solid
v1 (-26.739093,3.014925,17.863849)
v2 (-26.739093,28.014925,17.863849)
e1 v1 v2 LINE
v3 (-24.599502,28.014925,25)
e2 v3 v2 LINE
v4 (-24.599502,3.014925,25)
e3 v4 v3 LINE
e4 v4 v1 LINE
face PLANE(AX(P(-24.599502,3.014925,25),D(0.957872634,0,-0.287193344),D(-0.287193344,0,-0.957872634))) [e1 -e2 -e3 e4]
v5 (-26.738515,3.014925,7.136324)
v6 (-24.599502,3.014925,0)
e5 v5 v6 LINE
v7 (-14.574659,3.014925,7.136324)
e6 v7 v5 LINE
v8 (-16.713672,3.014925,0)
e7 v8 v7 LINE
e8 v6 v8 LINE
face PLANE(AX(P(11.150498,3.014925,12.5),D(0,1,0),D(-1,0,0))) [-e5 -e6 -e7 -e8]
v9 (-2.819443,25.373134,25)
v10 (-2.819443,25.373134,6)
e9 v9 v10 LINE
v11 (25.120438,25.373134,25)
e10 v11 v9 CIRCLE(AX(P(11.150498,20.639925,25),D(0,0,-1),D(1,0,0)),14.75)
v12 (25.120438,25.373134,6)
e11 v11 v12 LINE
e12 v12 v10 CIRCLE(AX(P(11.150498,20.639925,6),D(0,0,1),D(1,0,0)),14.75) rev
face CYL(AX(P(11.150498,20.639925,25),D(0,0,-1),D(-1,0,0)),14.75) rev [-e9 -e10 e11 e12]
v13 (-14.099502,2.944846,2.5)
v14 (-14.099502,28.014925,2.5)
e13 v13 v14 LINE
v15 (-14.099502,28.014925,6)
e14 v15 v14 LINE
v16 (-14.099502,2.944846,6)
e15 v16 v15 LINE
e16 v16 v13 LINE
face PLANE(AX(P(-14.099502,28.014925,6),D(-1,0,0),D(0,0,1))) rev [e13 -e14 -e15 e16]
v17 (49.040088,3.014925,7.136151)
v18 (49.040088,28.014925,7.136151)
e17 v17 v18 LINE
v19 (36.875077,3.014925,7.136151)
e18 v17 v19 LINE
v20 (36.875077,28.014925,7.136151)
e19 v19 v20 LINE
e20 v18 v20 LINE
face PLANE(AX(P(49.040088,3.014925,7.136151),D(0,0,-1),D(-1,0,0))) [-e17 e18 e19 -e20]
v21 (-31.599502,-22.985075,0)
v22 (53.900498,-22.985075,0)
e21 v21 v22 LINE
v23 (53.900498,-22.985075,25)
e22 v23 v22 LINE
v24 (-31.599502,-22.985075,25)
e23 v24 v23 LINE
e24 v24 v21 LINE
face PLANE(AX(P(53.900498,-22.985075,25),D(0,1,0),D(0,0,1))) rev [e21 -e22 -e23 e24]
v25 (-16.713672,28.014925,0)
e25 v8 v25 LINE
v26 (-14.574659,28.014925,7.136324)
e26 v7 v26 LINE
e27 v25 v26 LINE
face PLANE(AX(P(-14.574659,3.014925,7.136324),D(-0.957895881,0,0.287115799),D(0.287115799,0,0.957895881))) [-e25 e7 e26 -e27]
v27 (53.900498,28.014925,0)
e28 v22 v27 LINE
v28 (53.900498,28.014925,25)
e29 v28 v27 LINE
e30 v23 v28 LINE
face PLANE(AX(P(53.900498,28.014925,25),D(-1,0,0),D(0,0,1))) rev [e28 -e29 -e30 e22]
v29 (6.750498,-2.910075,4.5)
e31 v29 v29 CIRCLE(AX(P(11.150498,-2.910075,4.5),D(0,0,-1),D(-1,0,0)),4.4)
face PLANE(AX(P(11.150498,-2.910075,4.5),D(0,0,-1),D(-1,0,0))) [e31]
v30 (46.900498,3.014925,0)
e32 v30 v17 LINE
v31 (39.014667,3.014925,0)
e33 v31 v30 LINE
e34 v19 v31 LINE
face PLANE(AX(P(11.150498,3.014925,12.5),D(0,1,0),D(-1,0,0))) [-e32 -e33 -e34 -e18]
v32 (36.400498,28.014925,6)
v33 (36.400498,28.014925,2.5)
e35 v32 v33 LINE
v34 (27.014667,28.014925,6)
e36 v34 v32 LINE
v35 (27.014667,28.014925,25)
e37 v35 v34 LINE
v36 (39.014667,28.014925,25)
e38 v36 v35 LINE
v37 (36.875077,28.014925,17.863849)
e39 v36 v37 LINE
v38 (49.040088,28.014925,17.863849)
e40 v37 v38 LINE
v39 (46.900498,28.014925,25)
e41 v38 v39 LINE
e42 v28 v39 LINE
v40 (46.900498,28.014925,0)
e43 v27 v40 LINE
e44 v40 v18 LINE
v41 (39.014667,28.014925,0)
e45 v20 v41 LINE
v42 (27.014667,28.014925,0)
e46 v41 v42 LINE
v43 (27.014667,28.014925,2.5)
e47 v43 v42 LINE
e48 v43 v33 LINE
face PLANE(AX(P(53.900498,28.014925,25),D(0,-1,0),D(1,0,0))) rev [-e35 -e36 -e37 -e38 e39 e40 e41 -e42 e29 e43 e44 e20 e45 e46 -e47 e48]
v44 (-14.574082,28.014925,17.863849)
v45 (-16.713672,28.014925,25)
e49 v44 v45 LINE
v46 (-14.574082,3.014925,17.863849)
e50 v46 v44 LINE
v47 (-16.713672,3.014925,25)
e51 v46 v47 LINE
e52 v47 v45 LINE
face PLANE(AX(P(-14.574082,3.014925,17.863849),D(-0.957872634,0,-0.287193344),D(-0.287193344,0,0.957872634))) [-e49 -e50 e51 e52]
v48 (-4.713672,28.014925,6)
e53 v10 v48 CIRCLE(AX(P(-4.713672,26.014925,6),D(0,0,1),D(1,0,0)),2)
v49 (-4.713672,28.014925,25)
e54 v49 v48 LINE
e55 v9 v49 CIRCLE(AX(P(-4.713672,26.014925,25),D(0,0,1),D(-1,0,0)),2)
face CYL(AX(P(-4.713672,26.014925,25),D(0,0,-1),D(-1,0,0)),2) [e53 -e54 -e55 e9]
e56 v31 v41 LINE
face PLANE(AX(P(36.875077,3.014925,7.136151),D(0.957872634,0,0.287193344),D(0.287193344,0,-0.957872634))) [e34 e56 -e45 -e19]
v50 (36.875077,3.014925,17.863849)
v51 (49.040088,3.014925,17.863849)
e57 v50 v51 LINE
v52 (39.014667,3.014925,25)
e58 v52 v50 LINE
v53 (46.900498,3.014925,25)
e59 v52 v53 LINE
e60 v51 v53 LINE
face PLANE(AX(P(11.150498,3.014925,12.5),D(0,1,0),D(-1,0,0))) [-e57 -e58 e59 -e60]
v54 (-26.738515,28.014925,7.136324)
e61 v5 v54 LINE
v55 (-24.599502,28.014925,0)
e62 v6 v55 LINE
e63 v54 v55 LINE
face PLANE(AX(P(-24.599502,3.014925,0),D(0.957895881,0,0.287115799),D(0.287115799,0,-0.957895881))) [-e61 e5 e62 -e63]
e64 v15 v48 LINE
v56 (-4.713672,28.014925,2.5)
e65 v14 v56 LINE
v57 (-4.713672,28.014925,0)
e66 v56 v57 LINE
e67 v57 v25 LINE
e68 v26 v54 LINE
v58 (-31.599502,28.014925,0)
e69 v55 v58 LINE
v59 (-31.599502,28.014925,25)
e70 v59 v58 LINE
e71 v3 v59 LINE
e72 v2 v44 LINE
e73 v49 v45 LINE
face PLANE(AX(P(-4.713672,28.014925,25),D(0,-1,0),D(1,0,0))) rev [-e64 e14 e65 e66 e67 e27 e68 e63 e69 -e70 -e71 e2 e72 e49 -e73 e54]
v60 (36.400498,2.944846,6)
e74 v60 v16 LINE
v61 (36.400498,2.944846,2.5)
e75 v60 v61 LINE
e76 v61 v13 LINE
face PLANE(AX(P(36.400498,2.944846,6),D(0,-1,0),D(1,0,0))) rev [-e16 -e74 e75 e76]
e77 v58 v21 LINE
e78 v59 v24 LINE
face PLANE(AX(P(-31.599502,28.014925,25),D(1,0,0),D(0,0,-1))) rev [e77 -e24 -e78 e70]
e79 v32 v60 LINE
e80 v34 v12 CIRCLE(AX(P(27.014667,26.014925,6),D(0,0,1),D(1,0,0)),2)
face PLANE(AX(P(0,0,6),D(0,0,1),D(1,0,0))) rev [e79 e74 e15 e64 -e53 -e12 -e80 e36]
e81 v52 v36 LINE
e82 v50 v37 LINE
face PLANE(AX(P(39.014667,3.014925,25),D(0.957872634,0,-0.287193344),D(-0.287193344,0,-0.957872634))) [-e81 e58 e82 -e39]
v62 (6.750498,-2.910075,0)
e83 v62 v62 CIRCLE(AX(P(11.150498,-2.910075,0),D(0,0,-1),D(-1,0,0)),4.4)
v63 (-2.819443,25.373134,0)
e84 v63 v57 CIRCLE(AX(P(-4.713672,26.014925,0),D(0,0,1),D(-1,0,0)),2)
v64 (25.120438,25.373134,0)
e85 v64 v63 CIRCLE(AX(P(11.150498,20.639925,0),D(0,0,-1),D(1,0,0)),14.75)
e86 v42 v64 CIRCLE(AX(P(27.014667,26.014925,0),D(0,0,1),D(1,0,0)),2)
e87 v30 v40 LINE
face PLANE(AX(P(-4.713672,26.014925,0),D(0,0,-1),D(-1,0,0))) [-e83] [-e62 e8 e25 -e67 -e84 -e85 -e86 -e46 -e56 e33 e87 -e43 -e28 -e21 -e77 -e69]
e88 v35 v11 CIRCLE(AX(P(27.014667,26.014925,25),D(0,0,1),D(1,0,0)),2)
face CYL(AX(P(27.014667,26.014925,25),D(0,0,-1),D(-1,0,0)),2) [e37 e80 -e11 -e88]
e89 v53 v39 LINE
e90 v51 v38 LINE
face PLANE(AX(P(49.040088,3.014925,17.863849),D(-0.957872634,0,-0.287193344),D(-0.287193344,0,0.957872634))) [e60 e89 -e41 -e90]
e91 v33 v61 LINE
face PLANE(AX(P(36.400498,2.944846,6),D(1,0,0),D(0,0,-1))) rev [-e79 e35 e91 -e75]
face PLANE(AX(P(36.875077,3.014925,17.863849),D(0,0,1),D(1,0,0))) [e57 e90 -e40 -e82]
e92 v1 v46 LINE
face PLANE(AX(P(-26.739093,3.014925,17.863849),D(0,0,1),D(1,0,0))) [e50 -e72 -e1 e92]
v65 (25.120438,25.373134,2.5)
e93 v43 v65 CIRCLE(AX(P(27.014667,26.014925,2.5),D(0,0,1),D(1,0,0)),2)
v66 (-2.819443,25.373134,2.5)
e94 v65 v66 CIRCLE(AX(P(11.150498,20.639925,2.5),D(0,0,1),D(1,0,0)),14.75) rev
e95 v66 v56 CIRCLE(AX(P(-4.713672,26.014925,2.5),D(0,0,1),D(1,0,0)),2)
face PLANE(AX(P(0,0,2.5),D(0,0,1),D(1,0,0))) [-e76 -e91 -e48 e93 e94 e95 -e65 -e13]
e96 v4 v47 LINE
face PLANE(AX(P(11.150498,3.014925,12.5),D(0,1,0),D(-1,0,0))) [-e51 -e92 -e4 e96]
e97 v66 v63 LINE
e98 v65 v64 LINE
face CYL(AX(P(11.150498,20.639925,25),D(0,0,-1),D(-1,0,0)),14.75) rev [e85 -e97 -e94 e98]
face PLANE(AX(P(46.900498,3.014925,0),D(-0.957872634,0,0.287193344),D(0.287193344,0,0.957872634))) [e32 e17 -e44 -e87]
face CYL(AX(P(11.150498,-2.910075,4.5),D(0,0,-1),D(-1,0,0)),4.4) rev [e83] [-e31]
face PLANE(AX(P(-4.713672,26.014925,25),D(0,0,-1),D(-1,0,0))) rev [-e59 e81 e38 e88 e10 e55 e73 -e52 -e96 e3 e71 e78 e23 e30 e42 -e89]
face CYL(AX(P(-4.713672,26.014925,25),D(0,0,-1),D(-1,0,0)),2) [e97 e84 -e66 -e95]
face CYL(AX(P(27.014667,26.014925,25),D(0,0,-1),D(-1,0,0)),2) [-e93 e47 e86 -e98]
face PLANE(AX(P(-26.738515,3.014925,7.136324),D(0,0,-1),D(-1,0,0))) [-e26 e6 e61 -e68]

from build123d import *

# Parameters (mm, degrees)
BOSS_EXTRUDE1_DEPTH = 25
CUT_EXTRUDE3_START  = -25
SKETCH5_R           = 4.4
CUT_EXTRUDE3_DEPTH  = 4.5
SKETCH6_OUTSIDE_W   = 108.03
SKETCH6_OUTSIDE_H   = 47.53
CUT_EXTRUDE4_DEPTH  = 25
SKETCH8_W           = 50.5
SKETCH8_H           = 25.070079704
CUT_EXTRUDE5_DEPTH  = 3.5


with BuildPart() as part:
    # Sketch2 → Boss-Extrude1 (new body)
    with BuildSketch(Plane.XY):
        with BuildLine():
            Line((53.900497512, 28.014925373), (27.014667046, 28.014925373))
            ThreePointArc((27.014667046, 28.014925373), (25.389308303, 27.180347595), (25.120437848, 25.373134328))
            ThreePointArc((25.120437848, 25.373134328), (11.150497512, 5.889925373), (-2.819442823, 25.373134328))
            ThreePointArc((-2.819442823, 25.373134328), (-3.088313278, 27.180347595), (-4.713672021, 28.014925373))
            Line((-4.713672021, 28.014925373), (-31.599502488, 28.014925373))
            Line((-31.599502488, 28.014925373), (-31.599502488, -22.985074627))
            Line((-31.599502488, -22.985074627), (53.900497512, -22.985074627))
            Line((53.900497512, -22.985074627), (53.900497512, 28.014925373))
        make_face()
    extrude(amount=BOSS_EXTRUDE1_DEPTH)

    # Sketch5 → Cut-Extrude3 (cut)
    with BuildSketch(Plane.XY.offset(25).offset(CUT_EXTRUDE3_START)):
        with Locations((11.150497512, -2.910074627)):
            Circle(SKETCH5_R)
    extrude(amount=CUT_EXTRUDE3_DEPTH, mode=Mode.SUBTRACT)

    # Sketch6 outside → Cut-Extrude4 (cut)
    with BuildSketch(Plane(origin=(0, 28.014925373, 0), x_dir=(1, 0, 0), z_dir=(0, 1, 0))):
        with Locations((11.15, -12.5)):
            Rectangle(SKETCH6_OUTSIDE_W, SKETCH6_OUTSIDE_H)
        Polygon((-24.599502488, 0), (-26.73851519, -7.13632431), (-14.574659319, -7.13632431), (-16.713672021, 0), (-4.713672021, 0), (27.014667046, 0), (39.014667046, 0), (36.875076634, -7.136151124), (49.040087925, -7.136151124), (46.900497512, 0), (53.900497512, 0), (53.900497512, -25), (46.900497512, -25), (49.040087925, -17.863848876), (36.875076634, -17.863848876), (39.014667046, -25), (27.014667046, -25), (-4.713672021, -25), (-16.713672021, -25), (-14.574081609, -17.863848876), (-26.7390929, -17.863848876), (-24.599502488, -25), (-31.599502488, -25), (-31.599502488, 0), align=None, mode=Mode.SUBTRACT)
    extrude(amount=-CUT_EXTRUDE4_DEPTH, mode=Mode.SUBTRACT)

    # Sketch8 → Cut-Extrude5 (cut)
    with BuildSketch(Plane(origin=(0, 0, 2.5), x_dir=(-1, 0, 0), z_dir=(0, 0, -1))):
        with Locations((-11.150497512, 15.479885521)):
            Rectangle(SKETCH8_W, SKETCH8_H)
    extrude(amount=-CUT_EXTRUDE5_DEPTH, mode=Mode.SUBTRACT)


solid = part.part
